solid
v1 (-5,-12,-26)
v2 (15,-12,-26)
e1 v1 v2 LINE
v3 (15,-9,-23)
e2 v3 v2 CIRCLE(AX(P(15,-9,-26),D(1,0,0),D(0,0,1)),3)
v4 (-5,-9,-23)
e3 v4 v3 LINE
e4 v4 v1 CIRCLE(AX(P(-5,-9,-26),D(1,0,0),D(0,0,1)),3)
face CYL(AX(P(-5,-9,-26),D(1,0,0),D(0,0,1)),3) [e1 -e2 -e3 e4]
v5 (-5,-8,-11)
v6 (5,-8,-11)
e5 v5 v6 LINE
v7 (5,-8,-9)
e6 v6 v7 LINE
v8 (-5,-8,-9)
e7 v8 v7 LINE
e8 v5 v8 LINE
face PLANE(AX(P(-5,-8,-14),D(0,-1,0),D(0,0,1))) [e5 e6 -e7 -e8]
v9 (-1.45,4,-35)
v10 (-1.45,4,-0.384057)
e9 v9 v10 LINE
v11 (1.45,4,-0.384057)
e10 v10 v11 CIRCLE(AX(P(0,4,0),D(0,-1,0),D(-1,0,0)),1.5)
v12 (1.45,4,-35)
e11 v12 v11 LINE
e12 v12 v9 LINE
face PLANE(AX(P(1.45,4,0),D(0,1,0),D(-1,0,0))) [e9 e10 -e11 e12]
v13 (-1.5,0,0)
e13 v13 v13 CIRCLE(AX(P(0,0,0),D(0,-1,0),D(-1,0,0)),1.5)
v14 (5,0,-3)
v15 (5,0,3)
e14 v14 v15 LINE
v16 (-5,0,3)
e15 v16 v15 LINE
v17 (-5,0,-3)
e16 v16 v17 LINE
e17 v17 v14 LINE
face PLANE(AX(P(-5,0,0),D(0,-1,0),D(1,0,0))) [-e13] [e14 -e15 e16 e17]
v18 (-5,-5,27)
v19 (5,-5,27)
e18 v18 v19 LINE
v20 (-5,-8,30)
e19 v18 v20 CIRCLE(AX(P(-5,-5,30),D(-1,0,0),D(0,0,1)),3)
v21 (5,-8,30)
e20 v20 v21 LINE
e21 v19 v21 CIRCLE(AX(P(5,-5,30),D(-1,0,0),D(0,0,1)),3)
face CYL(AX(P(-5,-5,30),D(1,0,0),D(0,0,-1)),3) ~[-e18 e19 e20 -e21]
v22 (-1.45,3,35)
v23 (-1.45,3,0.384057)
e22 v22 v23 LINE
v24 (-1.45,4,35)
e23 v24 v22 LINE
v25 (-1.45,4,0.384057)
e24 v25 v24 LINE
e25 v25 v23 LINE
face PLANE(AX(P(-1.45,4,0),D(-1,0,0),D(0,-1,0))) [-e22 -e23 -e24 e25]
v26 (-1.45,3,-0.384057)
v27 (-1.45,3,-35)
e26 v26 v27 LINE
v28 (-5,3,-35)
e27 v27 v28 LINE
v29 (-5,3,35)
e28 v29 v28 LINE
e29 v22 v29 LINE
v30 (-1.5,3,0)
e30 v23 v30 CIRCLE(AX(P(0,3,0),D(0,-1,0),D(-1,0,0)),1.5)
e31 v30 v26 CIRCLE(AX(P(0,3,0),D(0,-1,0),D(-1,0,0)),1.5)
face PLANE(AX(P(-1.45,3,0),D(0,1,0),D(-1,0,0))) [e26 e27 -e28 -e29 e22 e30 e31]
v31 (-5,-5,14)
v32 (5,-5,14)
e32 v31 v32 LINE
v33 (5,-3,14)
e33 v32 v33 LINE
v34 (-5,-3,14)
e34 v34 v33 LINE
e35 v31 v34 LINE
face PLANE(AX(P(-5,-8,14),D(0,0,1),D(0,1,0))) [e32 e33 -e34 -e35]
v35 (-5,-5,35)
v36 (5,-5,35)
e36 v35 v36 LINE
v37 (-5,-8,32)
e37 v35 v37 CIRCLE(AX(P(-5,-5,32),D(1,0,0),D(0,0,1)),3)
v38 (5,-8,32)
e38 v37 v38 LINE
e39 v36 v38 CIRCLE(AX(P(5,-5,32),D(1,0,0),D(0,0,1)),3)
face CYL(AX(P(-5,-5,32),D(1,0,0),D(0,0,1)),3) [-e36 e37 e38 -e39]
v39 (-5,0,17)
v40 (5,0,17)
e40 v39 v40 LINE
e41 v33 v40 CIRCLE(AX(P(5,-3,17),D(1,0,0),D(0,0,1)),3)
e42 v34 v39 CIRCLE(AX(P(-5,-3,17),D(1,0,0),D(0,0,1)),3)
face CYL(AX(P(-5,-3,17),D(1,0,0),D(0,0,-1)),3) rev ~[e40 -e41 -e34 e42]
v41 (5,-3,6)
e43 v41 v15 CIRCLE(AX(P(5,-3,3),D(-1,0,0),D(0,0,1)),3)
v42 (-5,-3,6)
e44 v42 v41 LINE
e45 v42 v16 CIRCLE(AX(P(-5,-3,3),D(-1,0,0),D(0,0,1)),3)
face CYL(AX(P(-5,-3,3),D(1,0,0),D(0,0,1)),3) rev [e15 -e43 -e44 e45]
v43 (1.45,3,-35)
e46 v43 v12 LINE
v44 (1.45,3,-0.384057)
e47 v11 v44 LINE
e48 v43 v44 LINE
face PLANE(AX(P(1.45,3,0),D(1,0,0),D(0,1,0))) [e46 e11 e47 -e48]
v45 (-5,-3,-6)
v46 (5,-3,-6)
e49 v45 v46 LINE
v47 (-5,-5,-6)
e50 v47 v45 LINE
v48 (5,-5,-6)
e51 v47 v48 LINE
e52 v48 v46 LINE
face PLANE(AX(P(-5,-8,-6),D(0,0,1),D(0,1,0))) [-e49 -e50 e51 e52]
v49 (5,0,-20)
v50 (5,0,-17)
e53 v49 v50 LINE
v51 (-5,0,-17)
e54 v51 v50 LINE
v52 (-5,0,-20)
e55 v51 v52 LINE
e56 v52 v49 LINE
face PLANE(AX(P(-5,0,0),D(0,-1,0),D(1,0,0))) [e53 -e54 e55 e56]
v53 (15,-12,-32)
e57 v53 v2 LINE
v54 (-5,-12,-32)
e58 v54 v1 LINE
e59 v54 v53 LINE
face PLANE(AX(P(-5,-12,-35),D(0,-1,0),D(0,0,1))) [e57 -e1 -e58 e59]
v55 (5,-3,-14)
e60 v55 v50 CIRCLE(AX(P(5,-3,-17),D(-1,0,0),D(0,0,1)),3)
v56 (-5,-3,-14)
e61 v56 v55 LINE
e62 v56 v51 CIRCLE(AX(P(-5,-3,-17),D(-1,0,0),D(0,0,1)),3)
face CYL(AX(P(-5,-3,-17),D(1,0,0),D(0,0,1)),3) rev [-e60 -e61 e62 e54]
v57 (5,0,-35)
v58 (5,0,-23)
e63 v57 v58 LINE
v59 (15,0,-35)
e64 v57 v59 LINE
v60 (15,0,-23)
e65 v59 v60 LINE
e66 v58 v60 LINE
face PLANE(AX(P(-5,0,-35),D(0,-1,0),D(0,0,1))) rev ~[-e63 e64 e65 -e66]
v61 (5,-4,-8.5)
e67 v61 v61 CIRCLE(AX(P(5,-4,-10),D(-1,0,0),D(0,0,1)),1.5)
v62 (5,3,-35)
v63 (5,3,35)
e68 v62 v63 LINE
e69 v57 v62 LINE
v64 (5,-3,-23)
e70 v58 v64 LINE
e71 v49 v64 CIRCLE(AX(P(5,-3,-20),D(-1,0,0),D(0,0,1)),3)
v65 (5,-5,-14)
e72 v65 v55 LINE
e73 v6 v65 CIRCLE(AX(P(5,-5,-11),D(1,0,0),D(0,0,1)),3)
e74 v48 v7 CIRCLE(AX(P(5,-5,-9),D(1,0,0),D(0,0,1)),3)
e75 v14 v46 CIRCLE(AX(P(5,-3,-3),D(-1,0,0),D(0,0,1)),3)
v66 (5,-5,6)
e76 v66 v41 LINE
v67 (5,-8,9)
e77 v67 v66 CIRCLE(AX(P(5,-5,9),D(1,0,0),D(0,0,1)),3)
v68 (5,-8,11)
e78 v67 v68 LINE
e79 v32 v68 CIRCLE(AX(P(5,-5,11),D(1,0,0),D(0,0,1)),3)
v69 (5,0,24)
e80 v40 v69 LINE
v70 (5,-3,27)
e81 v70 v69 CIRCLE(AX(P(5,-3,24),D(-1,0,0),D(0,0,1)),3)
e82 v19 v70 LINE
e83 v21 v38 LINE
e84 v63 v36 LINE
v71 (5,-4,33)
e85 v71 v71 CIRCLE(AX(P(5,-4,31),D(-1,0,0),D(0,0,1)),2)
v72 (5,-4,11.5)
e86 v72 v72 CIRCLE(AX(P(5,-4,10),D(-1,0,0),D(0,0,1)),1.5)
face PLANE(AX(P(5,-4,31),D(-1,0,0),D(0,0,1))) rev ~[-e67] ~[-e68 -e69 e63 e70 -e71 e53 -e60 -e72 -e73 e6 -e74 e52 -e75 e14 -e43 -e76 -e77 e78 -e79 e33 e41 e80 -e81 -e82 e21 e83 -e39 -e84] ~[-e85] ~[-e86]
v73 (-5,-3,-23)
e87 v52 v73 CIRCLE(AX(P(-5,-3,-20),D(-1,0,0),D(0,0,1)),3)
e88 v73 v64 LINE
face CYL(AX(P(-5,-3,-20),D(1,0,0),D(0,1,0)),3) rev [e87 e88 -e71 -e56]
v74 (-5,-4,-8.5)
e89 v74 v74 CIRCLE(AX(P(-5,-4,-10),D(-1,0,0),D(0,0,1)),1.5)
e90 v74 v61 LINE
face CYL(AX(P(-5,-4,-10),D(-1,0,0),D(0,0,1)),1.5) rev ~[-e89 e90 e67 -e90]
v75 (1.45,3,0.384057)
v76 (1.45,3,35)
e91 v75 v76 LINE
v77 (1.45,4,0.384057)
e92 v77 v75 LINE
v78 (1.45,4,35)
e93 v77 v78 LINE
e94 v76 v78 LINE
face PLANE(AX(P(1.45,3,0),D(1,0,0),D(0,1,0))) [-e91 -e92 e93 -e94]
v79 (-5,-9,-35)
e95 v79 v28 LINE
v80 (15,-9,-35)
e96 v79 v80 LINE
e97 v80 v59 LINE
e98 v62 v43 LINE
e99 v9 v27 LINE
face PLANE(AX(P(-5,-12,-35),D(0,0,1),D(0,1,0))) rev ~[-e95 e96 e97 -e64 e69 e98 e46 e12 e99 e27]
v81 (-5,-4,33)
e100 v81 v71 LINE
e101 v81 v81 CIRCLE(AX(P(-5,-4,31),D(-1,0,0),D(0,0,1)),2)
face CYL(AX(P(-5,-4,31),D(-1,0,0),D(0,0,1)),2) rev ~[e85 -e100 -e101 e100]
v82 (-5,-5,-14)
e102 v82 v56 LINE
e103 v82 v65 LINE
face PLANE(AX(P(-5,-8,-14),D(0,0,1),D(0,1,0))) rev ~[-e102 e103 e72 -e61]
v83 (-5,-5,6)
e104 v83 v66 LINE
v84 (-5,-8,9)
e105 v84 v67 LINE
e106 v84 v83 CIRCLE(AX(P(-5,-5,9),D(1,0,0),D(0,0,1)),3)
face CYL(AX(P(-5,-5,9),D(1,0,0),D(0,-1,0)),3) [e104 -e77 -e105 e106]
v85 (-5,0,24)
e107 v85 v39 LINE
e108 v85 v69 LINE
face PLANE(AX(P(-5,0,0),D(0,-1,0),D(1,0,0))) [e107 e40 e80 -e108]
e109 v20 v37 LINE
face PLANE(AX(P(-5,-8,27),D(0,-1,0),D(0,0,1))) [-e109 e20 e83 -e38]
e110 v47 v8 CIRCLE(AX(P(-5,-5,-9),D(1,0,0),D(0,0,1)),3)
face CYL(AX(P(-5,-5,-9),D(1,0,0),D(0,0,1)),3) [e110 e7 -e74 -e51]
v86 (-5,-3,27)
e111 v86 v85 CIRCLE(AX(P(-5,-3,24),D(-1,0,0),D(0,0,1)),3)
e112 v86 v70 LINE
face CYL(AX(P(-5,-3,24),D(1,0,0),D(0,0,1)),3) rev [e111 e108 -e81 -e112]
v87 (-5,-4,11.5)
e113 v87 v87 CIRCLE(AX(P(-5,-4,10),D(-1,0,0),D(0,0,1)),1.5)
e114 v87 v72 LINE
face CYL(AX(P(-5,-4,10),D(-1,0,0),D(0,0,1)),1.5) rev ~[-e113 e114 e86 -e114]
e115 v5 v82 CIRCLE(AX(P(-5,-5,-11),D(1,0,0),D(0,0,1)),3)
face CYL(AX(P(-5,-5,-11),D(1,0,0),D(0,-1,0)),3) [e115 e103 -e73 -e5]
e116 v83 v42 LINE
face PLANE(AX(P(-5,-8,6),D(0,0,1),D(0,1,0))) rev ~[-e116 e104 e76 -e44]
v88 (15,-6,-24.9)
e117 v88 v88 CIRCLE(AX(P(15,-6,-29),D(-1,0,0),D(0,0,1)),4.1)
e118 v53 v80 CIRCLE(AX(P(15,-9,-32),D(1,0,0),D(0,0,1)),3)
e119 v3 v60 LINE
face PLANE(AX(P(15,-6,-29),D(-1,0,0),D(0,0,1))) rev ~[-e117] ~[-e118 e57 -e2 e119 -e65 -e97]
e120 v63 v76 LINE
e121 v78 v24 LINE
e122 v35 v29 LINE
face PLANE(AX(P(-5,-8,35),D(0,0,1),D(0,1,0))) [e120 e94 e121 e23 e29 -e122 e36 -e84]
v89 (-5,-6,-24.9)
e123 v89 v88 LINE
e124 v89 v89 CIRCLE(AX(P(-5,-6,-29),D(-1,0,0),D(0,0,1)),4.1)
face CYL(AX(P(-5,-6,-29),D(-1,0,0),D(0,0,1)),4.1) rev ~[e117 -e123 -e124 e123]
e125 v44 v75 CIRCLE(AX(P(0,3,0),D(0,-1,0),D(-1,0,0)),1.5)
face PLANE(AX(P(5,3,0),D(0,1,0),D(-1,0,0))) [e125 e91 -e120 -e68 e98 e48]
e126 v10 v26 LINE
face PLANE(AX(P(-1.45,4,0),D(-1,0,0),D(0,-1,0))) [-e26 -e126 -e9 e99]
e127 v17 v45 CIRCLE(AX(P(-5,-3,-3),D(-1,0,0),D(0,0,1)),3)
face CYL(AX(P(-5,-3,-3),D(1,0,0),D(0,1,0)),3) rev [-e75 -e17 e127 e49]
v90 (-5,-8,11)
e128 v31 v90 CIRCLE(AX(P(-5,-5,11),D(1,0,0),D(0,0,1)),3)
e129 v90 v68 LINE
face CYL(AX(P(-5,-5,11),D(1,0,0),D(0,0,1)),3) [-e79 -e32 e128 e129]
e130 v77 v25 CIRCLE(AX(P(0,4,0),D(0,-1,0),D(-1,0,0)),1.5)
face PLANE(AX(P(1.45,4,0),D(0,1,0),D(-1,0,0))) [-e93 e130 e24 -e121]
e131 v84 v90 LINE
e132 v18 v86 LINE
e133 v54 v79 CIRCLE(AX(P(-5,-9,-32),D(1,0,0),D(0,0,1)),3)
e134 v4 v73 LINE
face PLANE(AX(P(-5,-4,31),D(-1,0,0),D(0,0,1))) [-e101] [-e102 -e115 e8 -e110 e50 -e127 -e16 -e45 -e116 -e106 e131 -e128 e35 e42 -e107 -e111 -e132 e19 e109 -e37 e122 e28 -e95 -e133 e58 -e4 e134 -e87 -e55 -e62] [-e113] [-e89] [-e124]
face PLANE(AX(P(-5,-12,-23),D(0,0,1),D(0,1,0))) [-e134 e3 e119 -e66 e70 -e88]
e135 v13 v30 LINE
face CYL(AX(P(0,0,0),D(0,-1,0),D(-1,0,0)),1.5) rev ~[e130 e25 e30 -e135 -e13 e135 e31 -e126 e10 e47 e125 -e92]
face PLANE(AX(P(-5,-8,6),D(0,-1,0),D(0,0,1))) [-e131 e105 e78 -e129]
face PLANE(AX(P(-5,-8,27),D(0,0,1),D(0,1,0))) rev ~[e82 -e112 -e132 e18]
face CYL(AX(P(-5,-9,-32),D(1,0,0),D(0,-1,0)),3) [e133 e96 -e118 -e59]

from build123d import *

# Parameters (mm, degrees)
MAKERBEAMFIX_DEPTH                      = 35
SKETCH2_R                               = 1.5
MAKERBEAMFIXHOLE_DEPTH                  = 5
SKETCH3_W                               = 12
SKETCH3_H                               = 12
SKETCH3_R                               = 4.1
MAKERBEAMTOOLBIGHEXASCREWDRIVER_DEPTH   = 20
SKETCH4_W                               = 8
SKETCH4_H                               = 8
SKETCH4_R                               = 1.5
MAKERBEAMTOOLSMALLHEXASCREWDRIVER_DEPTH = 10
SIMPLESCREWDRIVER3MM_COUNT              = 2
SIMPLESCREWDRIVER3MM_PITCH              = 20
SKETCH5_W                               = 8
SKETCH5_H                               = 8
SKETCH5_R                               = 2
BOSS_EXTRUDE4_DEPTH                     = 10
FILLET1_R                               = 3


with BuildPart() as part:
    # Sketch1 → MakerBeamFix (new body, symmetric)
    with BuildSketch(Plane.XY):
        Polygon((-5, 0), (5, 0), (5, 3), (1.45, 3), (1.45, 4), (-1.45, 4), (-1.45, 3), (-5, 3), align=None)
    extrude(amount=MAKERBEAMFIX_DEPTH, both=True)

    # Sketch2 → MakerBeamFixHole (cut, through all)
    with BuildSketch(Plane(origin=(0, 0, 0), x_dir=(-1, 0, 0), z_dir=(0, -1, 0))):
        Circle(SKETCH2_R)
    extrude(amount=-MAKERBEAMFIXHOLE_DEPTH, mode=Mode.SUBTRACT)

    # Sketch3 → MakerBeamToolBigHexaScrewDriver (add)
    with BuildSketch(Plane.ZY.offset(5)):
        with Locations((-29, -6)):
            Rectangle(SKETCH3_W, SKETCH3_H)
        with Locations((-29, -6)):
            Circle(SKETCH3_R, mode=Mode.SUBTRACT)
    extrude(amount=-MAKERBEAMTOOLBIGHEXASCREWDRIVER_DEPTH)

    # Sketch4 → MakerBeamToolSmallHexaScrewDriver (add)
    with BuildSketch(Plane.ZY.offset(5)):
        with Locations((-10, -4)):
            Rectangle(SKETCH4_W, SKETCH4_H)
        with Locations((-10, -4)):
            Circle(SKETCH4_R, mode=Mode.SUBTRACT)
    makerbeamtoolsmallhexascrewdriver = extrude(amount=-MAKERBEAMTOOLSMALLHEXASCREWDRIVER_DEPTH)

    # SimpleScrewDriver3mm: MakerBeamToolSmallHexaScrewDriver ×2
    with Locations(*[(0, 0, i * SIMPLESCREWDRIVER3MM_PITCH) for i in range(1, SIMPLESCREWDRIVER3MM_COUNT)]):
        add(makerbeamtoolsmallhexascrewdriver)

    # Sketch5 → Boss-Extrude4 (add)
    with BuildSketch(Plane.ZY.offset(5)):
        with Locations((31, -4)):
            Rectangle(SKETCH5_W, SKETCH5_H)
        with Locations((31, -4)):
            Circle(SKETCH5_R, mode=Mode.SUBTRACT)
    extrude(amount=-BOSS_EXTRUDE4_DEPTH)

    # Fillet1
    fillet1_edges = [part.edges().sort_by_distance(p)[0] for p in [
        (0, 0, -23),
        (5, -12, -35),
        (5, -12, -23),
        (0, 0, -6),
        (0, -8, -6),
        (0, -8, -14),
        (0, 0, -14),
        (0, 0, 14),
        (0, -8, 14),
        (0, -8, 6),
        (0, 0, 6),
        (0, -8, 35),
        (0, -8, 27),
        (0, 0, 27),
    ]]
    fillet(fillet1_edges, radius=FILLET1_R)


solid = part.part
